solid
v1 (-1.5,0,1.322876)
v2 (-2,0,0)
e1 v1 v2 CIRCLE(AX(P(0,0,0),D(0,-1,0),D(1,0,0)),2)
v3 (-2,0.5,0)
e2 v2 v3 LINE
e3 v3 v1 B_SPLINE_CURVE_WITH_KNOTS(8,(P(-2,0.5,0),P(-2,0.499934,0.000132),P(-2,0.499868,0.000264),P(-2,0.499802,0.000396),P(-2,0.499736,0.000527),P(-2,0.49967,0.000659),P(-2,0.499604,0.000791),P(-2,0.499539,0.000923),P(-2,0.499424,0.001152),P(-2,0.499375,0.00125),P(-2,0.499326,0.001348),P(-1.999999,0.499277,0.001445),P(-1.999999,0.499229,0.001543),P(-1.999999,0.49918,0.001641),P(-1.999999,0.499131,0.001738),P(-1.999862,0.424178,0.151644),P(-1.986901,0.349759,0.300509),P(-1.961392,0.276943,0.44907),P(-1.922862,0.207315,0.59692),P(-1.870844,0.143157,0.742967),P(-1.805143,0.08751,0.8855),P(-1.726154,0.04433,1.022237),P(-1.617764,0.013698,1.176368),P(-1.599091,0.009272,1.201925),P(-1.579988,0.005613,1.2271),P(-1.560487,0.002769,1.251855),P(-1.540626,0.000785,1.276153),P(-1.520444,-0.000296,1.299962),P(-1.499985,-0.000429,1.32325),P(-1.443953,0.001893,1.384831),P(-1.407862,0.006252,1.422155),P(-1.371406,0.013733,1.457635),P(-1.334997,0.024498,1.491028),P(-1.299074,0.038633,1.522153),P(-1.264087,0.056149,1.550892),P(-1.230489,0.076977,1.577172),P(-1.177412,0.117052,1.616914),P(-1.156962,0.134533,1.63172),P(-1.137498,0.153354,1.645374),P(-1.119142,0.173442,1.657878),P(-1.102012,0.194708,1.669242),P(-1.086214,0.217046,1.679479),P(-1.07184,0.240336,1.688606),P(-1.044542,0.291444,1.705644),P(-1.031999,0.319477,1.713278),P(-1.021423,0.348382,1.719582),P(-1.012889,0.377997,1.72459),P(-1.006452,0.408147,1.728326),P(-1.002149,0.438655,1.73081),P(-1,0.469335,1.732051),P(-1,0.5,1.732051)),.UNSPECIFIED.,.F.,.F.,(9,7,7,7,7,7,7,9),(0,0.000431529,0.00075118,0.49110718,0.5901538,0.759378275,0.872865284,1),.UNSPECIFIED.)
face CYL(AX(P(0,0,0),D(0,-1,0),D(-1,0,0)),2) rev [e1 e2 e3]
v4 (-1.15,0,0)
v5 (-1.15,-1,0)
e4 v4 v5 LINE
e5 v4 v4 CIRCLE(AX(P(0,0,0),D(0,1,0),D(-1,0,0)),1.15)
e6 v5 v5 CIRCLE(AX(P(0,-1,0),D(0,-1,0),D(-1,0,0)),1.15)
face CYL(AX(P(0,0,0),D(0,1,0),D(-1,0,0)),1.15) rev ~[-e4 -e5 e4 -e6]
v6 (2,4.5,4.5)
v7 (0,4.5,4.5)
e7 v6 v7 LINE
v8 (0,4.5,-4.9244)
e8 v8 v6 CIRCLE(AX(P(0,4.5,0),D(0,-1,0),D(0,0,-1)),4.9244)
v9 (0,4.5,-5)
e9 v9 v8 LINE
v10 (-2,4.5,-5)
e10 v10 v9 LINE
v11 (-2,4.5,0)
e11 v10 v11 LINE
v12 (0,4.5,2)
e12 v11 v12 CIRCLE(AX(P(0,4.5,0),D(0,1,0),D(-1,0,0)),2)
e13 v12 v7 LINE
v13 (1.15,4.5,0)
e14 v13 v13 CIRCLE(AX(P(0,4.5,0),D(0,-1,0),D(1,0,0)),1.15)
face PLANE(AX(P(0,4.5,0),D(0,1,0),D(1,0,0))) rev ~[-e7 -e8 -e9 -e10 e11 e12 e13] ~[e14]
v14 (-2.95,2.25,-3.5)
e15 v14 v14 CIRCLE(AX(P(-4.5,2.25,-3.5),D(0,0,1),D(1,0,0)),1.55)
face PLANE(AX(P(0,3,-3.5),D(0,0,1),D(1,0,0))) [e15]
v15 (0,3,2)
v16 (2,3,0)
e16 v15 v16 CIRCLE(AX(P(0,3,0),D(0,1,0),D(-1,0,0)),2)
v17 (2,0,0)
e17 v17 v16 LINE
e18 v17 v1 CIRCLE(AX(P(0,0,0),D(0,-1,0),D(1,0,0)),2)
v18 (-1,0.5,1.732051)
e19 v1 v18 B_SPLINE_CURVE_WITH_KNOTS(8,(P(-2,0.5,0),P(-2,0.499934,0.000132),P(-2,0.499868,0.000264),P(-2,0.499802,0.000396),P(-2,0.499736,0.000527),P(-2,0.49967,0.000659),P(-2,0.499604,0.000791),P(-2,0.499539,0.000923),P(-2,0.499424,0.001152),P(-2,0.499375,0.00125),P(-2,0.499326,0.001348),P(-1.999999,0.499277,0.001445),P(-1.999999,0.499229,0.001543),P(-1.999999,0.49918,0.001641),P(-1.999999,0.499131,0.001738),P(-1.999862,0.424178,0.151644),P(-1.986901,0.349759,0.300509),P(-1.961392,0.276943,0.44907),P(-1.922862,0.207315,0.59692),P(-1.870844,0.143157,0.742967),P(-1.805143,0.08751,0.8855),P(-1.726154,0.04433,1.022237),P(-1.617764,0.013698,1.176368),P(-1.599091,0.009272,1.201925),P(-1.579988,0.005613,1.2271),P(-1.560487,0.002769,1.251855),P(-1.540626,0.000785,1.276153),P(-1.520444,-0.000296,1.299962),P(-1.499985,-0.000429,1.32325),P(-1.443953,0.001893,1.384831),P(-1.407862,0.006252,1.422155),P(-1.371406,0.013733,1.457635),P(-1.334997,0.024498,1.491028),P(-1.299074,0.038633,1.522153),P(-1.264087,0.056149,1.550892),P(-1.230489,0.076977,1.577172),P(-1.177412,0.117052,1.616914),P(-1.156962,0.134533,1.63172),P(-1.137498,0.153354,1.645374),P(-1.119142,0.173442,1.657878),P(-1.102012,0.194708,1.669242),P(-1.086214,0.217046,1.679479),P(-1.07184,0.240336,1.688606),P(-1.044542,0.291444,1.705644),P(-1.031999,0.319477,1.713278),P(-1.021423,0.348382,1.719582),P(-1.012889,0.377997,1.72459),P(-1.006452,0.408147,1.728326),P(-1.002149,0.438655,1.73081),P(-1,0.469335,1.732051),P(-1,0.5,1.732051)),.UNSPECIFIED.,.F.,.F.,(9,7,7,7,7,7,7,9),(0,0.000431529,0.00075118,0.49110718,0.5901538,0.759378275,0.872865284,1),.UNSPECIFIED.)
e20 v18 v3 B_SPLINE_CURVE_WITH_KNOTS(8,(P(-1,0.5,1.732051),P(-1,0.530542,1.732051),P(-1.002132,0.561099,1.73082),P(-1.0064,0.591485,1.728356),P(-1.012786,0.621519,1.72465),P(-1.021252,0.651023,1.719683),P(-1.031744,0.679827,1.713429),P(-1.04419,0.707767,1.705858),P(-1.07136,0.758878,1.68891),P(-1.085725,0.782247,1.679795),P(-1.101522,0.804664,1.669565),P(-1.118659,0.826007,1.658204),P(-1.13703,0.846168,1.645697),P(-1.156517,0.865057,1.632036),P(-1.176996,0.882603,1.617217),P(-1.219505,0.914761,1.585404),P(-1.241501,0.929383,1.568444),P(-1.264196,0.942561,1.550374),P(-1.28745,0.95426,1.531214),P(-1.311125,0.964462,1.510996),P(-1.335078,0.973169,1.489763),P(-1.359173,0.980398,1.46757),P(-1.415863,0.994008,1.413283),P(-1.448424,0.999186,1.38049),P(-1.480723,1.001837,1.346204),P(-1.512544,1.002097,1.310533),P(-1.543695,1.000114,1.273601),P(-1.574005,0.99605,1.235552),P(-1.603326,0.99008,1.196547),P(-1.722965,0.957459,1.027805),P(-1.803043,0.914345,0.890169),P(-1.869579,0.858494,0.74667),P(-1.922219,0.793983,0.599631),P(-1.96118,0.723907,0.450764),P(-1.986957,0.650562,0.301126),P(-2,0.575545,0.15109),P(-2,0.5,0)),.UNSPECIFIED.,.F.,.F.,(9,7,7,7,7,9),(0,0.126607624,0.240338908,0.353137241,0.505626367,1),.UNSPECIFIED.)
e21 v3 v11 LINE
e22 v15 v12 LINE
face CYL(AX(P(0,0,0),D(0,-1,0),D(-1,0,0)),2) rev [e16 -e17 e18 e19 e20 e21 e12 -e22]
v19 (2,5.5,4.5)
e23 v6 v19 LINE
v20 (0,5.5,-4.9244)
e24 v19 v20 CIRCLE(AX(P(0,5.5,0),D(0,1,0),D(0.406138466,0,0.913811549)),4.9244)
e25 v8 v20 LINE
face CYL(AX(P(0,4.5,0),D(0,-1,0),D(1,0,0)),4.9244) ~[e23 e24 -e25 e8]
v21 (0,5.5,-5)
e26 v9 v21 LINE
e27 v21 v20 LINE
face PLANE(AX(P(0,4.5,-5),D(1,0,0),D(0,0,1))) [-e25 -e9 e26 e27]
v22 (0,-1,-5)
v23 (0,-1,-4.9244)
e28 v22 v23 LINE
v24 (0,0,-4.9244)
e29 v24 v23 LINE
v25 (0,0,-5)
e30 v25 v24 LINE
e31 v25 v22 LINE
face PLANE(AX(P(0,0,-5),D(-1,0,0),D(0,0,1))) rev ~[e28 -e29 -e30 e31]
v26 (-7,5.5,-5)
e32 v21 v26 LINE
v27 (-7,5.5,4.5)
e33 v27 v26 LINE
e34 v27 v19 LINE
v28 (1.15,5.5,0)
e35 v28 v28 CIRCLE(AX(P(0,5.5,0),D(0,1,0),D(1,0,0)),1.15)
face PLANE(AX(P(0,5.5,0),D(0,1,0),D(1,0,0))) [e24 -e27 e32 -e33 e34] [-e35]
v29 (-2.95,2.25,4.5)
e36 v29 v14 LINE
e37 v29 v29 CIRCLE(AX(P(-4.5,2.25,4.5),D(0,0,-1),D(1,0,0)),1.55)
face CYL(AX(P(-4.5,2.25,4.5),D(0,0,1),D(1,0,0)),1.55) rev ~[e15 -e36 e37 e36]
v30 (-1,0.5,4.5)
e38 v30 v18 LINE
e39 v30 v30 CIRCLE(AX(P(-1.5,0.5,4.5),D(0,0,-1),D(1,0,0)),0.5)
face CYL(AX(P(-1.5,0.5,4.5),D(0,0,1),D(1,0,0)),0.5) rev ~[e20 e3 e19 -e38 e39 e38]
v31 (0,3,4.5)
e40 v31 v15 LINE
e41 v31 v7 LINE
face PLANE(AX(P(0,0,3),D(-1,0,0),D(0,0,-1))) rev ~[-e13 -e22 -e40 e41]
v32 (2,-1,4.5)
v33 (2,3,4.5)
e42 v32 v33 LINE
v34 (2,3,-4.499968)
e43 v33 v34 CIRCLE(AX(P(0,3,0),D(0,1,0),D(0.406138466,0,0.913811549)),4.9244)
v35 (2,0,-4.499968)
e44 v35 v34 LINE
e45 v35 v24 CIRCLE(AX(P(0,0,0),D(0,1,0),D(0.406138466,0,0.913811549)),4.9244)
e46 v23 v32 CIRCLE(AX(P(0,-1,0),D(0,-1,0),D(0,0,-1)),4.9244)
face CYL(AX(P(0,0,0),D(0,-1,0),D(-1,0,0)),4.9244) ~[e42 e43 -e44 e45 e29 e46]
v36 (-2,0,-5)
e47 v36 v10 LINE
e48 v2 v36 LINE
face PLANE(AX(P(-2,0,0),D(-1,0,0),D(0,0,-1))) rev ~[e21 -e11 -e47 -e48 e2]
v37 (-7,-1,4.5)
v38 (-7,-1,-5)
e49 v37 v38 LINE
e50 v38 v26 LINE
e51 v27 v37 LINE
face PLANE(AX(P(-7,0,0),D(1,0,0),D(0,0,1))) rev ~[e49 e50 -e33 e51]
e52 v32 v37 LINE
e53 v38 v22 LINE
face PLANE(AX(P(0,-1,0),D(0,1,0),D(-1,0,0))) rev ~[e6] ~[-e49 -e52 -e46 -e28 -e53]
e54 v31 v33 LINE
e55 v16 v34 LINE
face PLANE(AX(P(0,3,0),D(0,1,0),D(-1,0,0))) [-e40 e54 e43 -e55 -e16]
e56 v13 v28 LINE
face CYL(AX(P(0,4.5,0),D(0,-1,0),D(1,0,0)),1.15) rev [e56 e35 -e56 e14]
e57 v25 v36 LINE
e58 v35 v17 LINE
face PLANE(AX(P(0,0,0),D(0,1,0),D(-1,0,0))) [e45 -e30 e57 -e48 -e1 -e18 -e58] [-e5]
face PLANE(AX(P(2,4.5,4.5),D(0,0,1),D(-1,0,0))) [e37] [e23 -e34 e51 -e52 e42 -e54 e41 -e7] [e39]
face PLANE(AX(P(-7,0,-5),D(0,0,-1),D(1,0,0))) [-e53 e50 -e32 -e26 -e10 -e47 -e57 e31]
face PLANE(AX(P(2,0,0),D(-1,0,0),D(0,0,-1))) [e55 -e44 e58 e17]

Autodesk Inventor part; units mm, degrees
ref_plane "YZ Plane" through (0, 0, 0) normal (1, 0, 0) x (0, 1, 0)
ref_plane "XZ Plane" through (0, 0, 0) normal (0, 1, 0) x (-1, 0, 0)
ref_plane "XY Plane" through (0, 0, 0) normal (0, 0, 1) x (1, 0, 0)
sketch "スケッチ1" plane through (0, 0, 0) normal (0, 1, 0) x (-1, 0, 0)
  circle A0 centre (0, 0) radius 1.15
  circle A1 centre (0, 0) radius 2
  circle A2 centre (0, 0) radius 5
  line L0 (0, 0) -> (7, 0)
  line L1 (7, 0) -> (7, 4.5)
  line L2 (7, 4.5) -> (0, 4.5)
  line L3 (0, 4.5) -> (0, 0)
  line L4 (0, 0) -> (7, 0)
  line L5 (7, 0) -> (7, -5)
  line L6 (7, -5) -> (0, -5)
  line L7 (0, -5) -> (0, 0)
  line L8 (0, 4.5) -> (-2, 4.5)
  line L9 (-2, 4.5) -> (-2, 0)
  line L10 (-2, 0) -> (0, 0)
  line L11 (0, 0) -> (0, 4.5)
  circle A3 centre (0, 0) radius 3
  line L12 (-2, 0) -> (-2, -5)
  line L13 (-2, -5) -> (0, -5)
  line L14 (2, 0) -> (2, -5)
  circle A4 centre (0, 0) radius 4.9244
  line L15 (-2, 0) -> (-4.9244, 0)
  point P0 (0, 2)
  point P1 (-2, 2.2361)
  point P2 (-2, -2.2361)
  point P3 (-2, -4.5826)
  point P4 (-2, -4.5)
  point P5 (0, -4.9244)
  dimension "d2" = 10
  dimension "d0" = 2.3
  dimension "d1" = 4
  dimension "d3" = 7
  dimension "d4" = 4.5
  dimension "d5" = 6
extrude "押し出し1" add sketch "スケッチ1" along normal blind 4.5 contours A1 L3 A3 L0 | L0 A3 L14 | A3 L3 L2 A4 L0 | L0 A4 L14 A3 | A4 L2 A2 L0 | L0 A2 L14 A4 | L0 L5 L6 L14 A2 | A2 L2 L1 L0
extrude "押し出し2" add sketch "スケッチ1" along normal blind 3 contours A1 L9 A3 L3 | L15 A3 L9 | L12 A3 L15 | A3 L9 L8 L3 | A3 L15 A4 L9 | L12 A4 L15 A3
extrude "押し出し3" add sketch "スケッチ1" against normal blind 1 contours L0 A1 L7 A0 | A0 L3 A1 L0 | A0 L10 A1 L3 | L7 A1 L10 A0 | L14 A3 L7 A1 | A1 L3 A3 L0 | L0 A3 L14 | A1 L9 A3 L3 | L7 A3 L12 A1 | A3 L3 L2 A4 L0 | L0 A4 L14 A3 | L14 A4 L7 A3 | L15 A3 L9 | L12 A3 L15 | A3 L9 L8 L3 | L7 A4 L12 A3 | A4 L2 A2 L0 | L0 A2 L14 A4 | L14 A2 L7 A4 | A3 L15 A4 L9 | L12 A4 L15 A3 | L0 L5 L6 L14 A2 | A2 L2 L1 L0 | L14 L6 A2
sketch "スケッチ2" plane through (0, 4.5, 0) normal (0, 1, 0) x (1, 0, 0)
  circle A0 centre (0, 0) radius 1.15
  circle A1 centre (0, 0) radius 2
  circle A2 centre (0, 0) radius 4.9244
  line L0 (0, 0) -> (2, 0)
  line L1 (2, 0) -> (2, -4.5)
  line L2 (2, -4.5) -> (0, -4.5)
  line L3 (0, -4.5) -> (0, 0)
  line L4 (-2, 5) -> (-7, 5) projected
  line L5 (0, -4.5) -> (-7, -4.5)
  line L6 (-7, -4.5) -> (-7, 5)
  line L7 (-7, 5) -> (0, 5)
  line L8 (0, 5) -> (0, -4.5)
  line L9 (0, 0) -> (2, 0)
  line L10 (2, 0) -> (2, 5)
  line L11 (2, 5) -> (0, 5)
  line L12 (0, 5) -> (0, 0)
  point P0 (0, 4.9244)
  dimension "d12" = 4
extrude "押し出し4" add sketch "スケッチ2" along normal blind 1 contours L0 A1 L3 A0 | A0 L8 A1 L0 | A0 L3 A1 L8 | L1 L2 L3 A1 | L10 A2 L1 | A1 L8 A2 L10 | A1 L3 L5 A2 L8 | A2 L5 L6 L4 L7 L8
sketch "スケッチ3" plane through (0, 3, 4.5) normal (0, 0, 1) x (1, 0, 0)
  line L0 (-7, -4) -> (-7, 2.5) projected
  line L1 (-7, 2.5) -> (-4.5, 2.5)
  line L2 (-4.5, 2.5) -> (-4.5, -0.75)
  line L3 (-4.5, -0.75) -> (-7, -0.75)
  line L4 (-7, -0.75) -> (-7, 2.5)
  circle A0 centre (-4.5, -0.75) radius 1.55
  line L5 (0, -3) -> (-2, -3) projected
  line L6 (0, -3) -> (-1.5, -3)
  line L7 (-1.5, -3) -> (-1.5, -2.5)
  line L8 (-1.5, -2.5) -> (0, -2.5)
  line L9 (0, -2.5) -> (0, -3)
  circle A1 centre (-1.5, -2.5) radius 0.5
  dimension "d15" = 2.5
  dimension "d16" = 3.25
  dimension "d17" = 3.1
  dimension "d18" = 1.5
  dimension "d19" = 0.5
extrude "押し出し5" cut sketch "スケッチ3" against normal blind 8 contours A0 L2 L3 | L3 L2 A0 | A1 L8 L7 | L7 L8 A1
properties part number "rod5.1"
